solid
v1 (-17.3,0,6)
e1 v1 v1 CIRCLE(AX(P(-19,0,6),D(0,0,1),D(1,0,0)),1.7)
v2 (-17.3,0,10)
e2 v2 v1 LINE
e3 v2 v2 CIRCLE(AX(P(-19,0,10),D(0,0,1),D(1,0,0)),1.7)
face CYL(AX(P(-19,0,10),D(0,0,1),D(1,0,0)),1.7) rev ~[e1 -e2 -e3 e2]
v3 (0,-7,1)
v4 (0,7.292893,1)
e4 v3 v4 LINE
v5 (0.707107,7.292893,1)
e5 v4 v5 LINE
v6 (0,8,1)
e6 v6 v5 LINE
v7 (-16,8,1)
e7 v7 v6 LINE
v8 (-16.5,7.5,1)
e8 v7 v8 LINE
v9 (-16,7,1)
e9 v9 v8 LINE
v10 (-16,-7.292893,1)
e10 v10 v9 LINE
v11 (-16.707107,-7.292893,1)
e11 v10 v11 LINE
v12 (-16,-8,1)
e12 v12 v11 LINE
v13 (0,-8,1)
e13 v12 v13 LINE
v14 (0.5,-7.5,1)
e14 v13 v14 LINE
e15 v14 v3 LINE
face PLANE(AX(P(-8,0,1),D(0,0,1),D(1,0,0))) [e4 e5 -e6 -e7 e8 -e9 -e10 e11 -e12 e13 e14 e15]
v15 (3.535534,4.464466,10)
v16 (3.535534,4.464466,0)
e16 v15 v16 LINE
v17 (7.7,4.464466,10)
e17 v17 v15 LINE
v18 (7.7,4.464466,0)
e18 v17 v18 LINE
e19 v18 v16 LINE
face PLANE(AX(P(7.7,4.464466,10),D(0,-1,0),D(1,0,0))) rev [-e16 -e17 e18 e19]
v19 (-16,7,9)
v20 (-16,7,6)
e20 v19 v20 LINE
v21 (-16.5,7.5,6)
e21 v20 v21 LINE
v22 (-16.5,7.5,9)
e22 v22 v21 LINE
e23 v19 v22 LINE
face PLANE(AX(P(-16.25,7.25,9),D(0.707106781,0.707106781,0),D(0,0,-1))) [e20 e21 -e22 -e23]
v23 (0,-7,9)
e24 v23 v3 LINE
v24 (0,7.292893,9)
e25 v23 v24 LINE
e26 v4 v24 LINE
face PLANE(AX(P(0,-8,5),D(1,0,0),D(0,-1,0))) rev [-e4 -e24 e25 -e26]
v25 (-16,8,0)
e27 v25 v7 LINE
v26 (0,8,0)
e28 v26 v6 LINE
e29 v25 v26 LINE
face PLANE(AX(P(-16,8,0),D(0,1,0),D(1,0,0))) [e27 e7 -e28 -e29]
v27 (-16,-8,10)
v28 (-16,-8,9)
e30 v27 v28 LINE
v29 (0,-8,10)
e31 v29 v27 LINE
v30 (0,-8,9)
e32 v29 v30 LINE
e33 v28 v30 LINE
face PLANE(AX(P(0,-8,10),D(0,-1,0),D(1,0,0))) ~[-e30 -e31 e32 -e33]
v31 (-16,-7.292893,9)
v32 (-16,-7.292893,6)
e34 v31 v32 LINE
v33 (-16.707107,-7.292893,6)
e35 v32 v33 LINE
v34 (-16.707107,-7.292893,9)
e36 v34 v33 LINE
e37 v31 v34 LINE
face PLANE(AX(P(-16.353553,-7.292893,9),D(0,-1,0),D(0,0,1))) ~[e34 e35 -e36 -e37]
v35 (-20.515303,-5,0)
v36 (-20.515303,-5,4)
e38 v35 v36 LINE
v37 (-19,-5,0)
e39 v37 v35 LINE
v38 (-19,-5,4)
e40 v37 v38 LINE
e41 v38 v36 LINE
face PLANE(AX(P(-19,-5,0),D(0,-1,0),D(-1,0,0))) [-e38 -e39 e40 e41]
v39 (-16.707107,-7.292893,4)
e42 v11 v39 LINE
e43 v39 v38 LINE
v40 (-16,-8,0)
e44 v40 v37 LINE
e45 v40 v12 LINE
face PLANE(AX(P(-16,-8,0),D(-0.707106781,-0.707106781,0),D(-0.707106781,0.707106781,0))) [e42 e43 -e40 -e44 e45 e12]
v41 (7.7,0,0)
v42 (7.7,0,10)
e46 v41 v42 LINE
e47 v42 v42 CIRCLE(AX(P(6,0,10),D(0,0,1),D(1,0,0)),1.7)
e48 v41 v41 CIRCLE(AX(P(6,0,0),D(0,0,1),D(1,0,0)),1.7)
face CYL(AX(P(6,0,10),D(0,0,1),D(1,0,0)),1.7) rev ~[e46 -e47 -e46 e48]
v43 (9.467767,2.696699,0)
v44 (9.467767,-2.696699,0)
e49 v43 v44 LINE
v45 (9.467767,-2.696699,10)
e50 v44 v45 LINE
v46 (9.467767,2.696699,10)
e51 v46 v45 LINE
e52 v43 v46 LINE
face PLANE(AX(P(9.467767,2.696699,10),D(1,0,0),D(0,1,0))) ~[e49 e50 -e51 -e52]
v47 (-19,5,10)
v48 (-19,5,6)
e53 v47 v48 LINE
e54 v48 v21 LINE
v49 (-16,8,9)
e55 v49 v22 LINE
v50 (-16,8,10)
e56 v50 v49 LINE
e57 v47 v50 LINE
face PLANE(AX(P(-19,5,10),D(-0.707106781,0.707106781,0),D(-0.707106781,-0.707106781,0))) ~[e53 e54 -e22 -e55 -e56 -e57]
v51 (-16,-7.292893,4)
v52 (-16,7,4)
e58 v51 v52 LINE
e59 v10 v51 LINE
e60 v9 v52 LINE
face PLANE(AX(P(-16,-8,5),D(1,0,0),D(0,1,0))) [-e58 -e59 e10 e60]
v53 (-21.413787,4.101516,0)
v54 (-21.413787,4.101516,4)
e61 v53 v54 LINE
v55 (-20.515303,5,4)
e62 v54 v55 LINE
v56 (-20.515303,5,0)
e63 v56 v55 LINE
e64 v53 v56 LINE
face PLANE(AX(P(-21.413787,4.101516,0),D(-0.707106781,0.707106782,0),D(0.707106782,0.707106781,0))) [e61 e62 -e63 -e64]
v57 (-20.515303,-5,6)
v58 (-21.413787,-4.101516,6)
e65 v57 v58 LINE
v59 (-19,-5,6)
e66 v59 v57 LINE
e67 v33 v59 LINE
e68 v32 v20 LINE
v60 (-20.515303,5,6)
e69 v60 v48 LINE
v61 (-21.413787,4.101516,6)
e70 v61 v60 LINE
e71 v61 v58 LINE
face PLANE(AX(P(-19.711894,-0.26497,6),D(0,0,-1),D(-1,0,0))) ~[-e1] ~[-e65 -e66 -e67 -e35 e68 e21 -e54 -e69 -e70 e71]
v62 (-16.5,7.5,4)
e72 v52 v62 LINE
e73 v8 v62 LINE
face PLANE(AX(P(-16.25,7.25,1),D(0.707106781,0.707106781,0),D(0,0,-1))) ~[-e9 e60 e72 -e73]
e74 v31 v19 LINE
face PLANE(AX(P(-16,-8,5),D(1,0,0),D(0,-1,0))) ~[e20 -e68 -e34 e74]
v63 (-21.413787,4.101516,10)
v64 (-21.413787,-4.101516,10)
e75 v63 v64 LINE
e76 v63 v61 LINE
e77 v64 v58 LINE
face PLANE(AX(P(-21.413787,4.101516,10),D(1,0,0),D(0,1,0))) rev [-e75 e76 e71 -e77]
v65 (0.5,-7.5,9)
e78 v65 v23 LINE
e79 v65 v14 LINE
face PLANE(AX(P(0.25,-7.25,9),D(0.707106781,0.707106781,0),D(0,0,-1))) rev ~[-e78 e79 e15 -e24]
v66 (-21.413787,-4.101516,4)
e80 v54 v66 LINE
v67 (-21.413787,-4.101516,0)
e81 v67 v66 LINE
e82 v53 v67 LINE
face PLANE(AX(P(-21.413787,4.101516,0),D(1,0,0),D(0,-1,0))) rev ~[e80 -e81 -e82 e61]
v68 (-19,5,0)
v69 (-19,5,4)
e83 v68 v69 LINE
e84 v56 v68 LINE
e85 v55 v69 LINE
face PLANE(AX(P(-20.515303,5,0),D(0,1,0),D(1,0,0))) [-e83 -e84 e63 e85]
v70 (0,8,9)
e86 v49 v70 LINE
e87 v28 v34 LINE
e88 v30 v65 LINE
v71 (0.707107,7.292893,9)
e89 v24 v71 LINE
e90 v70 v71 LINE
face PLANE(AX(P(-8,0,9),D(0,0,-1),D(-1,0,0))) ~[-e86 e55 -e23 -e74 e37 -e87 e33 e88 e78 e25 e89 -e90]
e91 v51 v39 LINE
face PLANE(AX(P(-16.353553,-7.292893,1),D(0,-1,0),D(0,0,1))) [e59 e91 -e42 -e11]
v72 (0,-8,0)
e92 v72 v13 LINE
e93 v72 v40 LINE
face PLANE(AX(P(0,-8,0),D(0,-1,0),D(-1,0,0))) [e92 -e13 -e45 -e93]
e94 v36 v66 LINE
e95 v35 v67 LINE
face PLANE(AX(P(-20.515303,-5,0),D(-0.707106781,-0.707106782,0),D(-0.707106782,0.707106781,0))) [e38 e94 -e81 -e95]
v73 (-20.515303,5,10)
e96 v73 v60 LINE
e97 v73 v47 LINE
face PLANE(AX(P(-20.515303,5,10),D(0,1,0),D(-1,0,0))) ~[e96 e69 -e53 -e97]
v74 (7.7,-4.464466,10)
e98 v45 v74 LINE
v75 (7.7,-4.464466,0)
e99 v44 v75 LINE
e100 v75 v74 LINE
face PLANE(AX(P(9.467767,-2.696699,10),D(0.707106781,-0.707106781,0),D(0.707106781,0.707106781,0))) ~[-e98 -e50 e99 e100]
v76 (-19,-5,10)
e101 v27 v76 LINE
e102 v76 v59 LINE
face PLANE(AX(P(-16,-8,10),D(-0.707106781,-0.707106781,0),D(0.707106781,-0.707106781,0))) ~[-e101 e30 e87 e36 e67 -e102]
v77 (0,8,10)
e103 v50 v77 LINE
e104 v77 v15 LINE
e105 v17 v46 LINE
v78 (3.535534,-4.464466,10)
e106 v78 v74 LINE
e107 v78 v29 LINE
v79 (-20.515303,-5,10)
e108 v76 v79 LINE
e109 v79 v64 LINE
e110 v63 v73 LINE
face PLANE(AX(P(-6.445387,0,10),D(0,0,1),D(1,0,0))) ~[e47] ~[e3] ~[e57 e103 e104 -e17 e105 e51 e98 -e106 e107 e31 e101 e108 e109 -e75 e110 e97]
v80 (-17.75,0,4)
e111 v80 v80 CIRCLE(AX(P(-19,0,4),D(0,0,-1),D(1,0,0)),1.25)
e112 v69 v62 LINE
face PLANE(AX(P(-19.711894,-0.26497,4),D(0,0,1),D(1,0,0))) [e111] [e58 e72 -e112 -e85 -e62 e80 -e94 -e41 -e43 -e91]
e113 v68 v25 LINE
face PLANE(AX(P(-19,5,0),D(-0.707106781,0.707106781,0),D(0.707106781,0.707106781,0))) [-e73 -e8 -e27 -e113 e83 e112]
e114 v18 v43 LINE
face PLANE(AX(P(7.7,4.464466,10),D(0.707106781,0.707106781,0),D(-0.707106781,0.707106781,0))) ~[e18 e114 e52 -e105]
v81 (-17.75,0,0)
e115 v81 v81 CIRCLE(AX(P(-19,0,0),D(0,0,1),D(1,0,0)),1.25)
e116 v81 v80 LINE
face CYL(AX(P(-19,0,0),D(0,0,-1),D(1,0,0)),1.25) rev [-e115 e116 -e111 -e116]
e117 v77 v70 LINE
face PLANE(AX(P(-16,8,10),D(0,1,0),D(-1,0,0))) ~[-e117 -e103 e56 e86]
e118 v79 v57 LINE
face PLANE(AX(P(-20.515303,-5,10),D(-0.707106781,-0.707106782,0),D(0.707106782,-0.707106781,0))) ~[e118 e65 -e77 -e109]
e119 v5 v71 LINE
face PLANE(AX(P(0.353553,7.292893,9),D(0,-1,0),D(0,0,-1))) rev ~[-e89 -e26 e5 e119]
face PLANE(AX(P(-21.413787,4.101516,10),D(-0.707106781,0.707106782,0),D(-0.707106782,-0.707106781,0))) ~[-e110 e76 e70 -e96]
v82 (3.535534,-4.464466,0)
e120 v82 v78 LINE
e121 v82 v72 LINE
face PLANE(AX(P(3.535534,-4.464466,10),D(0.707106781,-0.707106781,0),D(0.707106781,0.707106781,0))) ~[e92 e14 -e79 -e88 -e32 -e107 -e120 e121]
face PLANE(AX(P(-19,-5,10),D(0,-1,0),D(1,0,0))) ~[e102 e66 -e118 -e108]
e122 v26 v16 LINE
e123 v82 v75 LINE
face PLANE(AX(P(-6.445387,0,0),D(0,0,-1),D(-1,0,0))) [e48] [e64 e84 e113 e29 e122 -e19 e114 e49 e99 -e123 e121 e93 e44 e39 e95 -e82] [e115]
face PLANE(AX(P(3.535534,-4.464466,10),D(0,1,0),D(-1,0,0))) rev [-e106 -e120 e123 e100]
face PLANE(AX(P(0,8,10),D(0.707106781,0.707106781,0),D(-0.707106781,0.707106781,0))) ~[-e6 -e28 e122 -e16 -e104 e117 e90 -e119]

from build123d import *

# Parameters (mm, degrees)
SKETCH1_R             = 1.7
SKETCH1_R_2           = 1.25
BOSS_EXTRUDE1_DEPTH   = 5
SKETCH11_W            = 16
SKETCH11_H            = 16
CUT_EXTRUDE6_DEPTH    = 4
SKETCH13_W            = 7.423787947
SKETCH13_H            = 16.529940363
CUT_EXTRUDE8_DEPTH    = 1
CHAMFER2_SIZE2        = 1
CHAMFER2_SIZE         = 0.707106781
CHAMFER2_EDGE_2_SIZE2 = 1
CHAMFER2_EDGE_2_SIZE  = 0.707106781
CHAMFER2_EDGE_3_SIZE2 = 1
CHAMFER2_EDGE_3_SIZE  = 0.707106781
CHAMFER2_EDGE_4_SIZE2 = 0.707106781
CHAMFER2_EDGE_4_SIZE  = 1
SKETCH15_R            = 1.7
CUT_EXTRUDE9_DEPTH    = 5


with BuildPart() as part:
    # Sketch1 → Boss-Extrude1 (new body)
    with BuildSketch(Plane.XY):
        Polygon((0, -8), (-16, -8), (-19, -5), (-20.515302869, -5), (-21.413786532, -4.101516338), (-21.413786532, -1.535700598), (-21.413786532, 4.101516338), (-20.515302869, 5), (-19, 5), (-16, 8), (0, 8), (3.535533906, 4.464466094), (6, 4.464466094), (7.7, 4.464466094), (9.467766953, 2.696699141), (9.467766953, -2.696699141), (7.7, -4.464466094), (6, -4.464466094), (3.535533906, -4.464466094), align=None)
        with Locations((6, 0)):
            Circle(SKETCH1_R, mode=Mode.SUBTRACT)
        with Locations((-19, 0)):
            Circle(SKETCH1_R_2, mode=Mode.SUBTRACT)
    extrude(amount=BOSS_EXTRUDE1_DEPTH)

    # Sketch11 → Cut-Extrude6 (cut)
    with BuildSketch(Plane.XY.offset(5)):
        with Locations((-8, 0)):
            Rectangle(SKETCH11_W, SKETCH11_H)
    extrude(amount=-CUT_EXTRUDE6_DEPTH, mode=Mode.SUBTRACT)

    # Sketch13 → Cut-Extrude8 (cut)
    with BuildSketch(Plane.XY.offset(5)):
        with Locations((-19.711893974, -0.264970181)):
            Rectangle(SKETCH13_W, SKETCH13_H)
    extrude(amount=-CUT_EXTRUDE8_DEPTH, mode=Mode.SUBTRACT)

    # Chamfer2
    chamfer2_edges = [part.edges().sort_by_distance(p)[0] for p in [
        (0, -8, 3),
    ]]
    chamfer(chamfer2_edges, length=CHAMFER2_SIZE, length2=CHAMFER2_SIZE2)

    # Chamfer2 edge 2
    chamfer2_edge_2_edges = [part.edges().sort_by_distance(p)[0] for p in [
        (0, 8, 3),
    ]]
    chamfer(chamfer2_edge_2_edges, length=CHAMFER2_EDGE_2_SIZE, length2=CHAMFER2_EDGE_2_SIZE2)

    # Chamfer2 edge 3
    chamfer2_edge_3_edges = [part.edges().sort_by_distance(p)[0] for p in [
        (-16, -8, 2.5),
    ]]
    chamfer(chamfer2_edge_3_edges, length=CHAMFER2_EDGE_3_SIZE, length2=CHAMFER2_EDGE_3_SIZE2)

    # Chamfer2 edge 4
    chamfer2_edge_4_edges = [part.edges().sort_by_distance(p)[0] for p in [
        (-16, 8, 2.5),
    ]]
    chamfer(chamfer2_edge_4_edges, length=CHAMFER2_EDGE_4_SIZE, length2=CHAMFER2_EDGE_4_SIZE2)

    # Mirror1: part across plane


with BuildPart() as part_1:
    add(part.part)
    add(part.part.mirror(Plane(origin=(0, 0, 5), x_dir=(1, 0, 0), z_dir=(0, 0, -1))))

    # Sketch15 → Cut-Extrude9 (cut)
    with BuildSketch(Plane.XY.offset(10)):
        with Locations((-19, 0)):
            Circle(SKETCH15_R)
    extrude(amount=-CUT_EXTRUDE9_DEPTH, mode=Mode.SUBTRACT)


solid = part_1.part
